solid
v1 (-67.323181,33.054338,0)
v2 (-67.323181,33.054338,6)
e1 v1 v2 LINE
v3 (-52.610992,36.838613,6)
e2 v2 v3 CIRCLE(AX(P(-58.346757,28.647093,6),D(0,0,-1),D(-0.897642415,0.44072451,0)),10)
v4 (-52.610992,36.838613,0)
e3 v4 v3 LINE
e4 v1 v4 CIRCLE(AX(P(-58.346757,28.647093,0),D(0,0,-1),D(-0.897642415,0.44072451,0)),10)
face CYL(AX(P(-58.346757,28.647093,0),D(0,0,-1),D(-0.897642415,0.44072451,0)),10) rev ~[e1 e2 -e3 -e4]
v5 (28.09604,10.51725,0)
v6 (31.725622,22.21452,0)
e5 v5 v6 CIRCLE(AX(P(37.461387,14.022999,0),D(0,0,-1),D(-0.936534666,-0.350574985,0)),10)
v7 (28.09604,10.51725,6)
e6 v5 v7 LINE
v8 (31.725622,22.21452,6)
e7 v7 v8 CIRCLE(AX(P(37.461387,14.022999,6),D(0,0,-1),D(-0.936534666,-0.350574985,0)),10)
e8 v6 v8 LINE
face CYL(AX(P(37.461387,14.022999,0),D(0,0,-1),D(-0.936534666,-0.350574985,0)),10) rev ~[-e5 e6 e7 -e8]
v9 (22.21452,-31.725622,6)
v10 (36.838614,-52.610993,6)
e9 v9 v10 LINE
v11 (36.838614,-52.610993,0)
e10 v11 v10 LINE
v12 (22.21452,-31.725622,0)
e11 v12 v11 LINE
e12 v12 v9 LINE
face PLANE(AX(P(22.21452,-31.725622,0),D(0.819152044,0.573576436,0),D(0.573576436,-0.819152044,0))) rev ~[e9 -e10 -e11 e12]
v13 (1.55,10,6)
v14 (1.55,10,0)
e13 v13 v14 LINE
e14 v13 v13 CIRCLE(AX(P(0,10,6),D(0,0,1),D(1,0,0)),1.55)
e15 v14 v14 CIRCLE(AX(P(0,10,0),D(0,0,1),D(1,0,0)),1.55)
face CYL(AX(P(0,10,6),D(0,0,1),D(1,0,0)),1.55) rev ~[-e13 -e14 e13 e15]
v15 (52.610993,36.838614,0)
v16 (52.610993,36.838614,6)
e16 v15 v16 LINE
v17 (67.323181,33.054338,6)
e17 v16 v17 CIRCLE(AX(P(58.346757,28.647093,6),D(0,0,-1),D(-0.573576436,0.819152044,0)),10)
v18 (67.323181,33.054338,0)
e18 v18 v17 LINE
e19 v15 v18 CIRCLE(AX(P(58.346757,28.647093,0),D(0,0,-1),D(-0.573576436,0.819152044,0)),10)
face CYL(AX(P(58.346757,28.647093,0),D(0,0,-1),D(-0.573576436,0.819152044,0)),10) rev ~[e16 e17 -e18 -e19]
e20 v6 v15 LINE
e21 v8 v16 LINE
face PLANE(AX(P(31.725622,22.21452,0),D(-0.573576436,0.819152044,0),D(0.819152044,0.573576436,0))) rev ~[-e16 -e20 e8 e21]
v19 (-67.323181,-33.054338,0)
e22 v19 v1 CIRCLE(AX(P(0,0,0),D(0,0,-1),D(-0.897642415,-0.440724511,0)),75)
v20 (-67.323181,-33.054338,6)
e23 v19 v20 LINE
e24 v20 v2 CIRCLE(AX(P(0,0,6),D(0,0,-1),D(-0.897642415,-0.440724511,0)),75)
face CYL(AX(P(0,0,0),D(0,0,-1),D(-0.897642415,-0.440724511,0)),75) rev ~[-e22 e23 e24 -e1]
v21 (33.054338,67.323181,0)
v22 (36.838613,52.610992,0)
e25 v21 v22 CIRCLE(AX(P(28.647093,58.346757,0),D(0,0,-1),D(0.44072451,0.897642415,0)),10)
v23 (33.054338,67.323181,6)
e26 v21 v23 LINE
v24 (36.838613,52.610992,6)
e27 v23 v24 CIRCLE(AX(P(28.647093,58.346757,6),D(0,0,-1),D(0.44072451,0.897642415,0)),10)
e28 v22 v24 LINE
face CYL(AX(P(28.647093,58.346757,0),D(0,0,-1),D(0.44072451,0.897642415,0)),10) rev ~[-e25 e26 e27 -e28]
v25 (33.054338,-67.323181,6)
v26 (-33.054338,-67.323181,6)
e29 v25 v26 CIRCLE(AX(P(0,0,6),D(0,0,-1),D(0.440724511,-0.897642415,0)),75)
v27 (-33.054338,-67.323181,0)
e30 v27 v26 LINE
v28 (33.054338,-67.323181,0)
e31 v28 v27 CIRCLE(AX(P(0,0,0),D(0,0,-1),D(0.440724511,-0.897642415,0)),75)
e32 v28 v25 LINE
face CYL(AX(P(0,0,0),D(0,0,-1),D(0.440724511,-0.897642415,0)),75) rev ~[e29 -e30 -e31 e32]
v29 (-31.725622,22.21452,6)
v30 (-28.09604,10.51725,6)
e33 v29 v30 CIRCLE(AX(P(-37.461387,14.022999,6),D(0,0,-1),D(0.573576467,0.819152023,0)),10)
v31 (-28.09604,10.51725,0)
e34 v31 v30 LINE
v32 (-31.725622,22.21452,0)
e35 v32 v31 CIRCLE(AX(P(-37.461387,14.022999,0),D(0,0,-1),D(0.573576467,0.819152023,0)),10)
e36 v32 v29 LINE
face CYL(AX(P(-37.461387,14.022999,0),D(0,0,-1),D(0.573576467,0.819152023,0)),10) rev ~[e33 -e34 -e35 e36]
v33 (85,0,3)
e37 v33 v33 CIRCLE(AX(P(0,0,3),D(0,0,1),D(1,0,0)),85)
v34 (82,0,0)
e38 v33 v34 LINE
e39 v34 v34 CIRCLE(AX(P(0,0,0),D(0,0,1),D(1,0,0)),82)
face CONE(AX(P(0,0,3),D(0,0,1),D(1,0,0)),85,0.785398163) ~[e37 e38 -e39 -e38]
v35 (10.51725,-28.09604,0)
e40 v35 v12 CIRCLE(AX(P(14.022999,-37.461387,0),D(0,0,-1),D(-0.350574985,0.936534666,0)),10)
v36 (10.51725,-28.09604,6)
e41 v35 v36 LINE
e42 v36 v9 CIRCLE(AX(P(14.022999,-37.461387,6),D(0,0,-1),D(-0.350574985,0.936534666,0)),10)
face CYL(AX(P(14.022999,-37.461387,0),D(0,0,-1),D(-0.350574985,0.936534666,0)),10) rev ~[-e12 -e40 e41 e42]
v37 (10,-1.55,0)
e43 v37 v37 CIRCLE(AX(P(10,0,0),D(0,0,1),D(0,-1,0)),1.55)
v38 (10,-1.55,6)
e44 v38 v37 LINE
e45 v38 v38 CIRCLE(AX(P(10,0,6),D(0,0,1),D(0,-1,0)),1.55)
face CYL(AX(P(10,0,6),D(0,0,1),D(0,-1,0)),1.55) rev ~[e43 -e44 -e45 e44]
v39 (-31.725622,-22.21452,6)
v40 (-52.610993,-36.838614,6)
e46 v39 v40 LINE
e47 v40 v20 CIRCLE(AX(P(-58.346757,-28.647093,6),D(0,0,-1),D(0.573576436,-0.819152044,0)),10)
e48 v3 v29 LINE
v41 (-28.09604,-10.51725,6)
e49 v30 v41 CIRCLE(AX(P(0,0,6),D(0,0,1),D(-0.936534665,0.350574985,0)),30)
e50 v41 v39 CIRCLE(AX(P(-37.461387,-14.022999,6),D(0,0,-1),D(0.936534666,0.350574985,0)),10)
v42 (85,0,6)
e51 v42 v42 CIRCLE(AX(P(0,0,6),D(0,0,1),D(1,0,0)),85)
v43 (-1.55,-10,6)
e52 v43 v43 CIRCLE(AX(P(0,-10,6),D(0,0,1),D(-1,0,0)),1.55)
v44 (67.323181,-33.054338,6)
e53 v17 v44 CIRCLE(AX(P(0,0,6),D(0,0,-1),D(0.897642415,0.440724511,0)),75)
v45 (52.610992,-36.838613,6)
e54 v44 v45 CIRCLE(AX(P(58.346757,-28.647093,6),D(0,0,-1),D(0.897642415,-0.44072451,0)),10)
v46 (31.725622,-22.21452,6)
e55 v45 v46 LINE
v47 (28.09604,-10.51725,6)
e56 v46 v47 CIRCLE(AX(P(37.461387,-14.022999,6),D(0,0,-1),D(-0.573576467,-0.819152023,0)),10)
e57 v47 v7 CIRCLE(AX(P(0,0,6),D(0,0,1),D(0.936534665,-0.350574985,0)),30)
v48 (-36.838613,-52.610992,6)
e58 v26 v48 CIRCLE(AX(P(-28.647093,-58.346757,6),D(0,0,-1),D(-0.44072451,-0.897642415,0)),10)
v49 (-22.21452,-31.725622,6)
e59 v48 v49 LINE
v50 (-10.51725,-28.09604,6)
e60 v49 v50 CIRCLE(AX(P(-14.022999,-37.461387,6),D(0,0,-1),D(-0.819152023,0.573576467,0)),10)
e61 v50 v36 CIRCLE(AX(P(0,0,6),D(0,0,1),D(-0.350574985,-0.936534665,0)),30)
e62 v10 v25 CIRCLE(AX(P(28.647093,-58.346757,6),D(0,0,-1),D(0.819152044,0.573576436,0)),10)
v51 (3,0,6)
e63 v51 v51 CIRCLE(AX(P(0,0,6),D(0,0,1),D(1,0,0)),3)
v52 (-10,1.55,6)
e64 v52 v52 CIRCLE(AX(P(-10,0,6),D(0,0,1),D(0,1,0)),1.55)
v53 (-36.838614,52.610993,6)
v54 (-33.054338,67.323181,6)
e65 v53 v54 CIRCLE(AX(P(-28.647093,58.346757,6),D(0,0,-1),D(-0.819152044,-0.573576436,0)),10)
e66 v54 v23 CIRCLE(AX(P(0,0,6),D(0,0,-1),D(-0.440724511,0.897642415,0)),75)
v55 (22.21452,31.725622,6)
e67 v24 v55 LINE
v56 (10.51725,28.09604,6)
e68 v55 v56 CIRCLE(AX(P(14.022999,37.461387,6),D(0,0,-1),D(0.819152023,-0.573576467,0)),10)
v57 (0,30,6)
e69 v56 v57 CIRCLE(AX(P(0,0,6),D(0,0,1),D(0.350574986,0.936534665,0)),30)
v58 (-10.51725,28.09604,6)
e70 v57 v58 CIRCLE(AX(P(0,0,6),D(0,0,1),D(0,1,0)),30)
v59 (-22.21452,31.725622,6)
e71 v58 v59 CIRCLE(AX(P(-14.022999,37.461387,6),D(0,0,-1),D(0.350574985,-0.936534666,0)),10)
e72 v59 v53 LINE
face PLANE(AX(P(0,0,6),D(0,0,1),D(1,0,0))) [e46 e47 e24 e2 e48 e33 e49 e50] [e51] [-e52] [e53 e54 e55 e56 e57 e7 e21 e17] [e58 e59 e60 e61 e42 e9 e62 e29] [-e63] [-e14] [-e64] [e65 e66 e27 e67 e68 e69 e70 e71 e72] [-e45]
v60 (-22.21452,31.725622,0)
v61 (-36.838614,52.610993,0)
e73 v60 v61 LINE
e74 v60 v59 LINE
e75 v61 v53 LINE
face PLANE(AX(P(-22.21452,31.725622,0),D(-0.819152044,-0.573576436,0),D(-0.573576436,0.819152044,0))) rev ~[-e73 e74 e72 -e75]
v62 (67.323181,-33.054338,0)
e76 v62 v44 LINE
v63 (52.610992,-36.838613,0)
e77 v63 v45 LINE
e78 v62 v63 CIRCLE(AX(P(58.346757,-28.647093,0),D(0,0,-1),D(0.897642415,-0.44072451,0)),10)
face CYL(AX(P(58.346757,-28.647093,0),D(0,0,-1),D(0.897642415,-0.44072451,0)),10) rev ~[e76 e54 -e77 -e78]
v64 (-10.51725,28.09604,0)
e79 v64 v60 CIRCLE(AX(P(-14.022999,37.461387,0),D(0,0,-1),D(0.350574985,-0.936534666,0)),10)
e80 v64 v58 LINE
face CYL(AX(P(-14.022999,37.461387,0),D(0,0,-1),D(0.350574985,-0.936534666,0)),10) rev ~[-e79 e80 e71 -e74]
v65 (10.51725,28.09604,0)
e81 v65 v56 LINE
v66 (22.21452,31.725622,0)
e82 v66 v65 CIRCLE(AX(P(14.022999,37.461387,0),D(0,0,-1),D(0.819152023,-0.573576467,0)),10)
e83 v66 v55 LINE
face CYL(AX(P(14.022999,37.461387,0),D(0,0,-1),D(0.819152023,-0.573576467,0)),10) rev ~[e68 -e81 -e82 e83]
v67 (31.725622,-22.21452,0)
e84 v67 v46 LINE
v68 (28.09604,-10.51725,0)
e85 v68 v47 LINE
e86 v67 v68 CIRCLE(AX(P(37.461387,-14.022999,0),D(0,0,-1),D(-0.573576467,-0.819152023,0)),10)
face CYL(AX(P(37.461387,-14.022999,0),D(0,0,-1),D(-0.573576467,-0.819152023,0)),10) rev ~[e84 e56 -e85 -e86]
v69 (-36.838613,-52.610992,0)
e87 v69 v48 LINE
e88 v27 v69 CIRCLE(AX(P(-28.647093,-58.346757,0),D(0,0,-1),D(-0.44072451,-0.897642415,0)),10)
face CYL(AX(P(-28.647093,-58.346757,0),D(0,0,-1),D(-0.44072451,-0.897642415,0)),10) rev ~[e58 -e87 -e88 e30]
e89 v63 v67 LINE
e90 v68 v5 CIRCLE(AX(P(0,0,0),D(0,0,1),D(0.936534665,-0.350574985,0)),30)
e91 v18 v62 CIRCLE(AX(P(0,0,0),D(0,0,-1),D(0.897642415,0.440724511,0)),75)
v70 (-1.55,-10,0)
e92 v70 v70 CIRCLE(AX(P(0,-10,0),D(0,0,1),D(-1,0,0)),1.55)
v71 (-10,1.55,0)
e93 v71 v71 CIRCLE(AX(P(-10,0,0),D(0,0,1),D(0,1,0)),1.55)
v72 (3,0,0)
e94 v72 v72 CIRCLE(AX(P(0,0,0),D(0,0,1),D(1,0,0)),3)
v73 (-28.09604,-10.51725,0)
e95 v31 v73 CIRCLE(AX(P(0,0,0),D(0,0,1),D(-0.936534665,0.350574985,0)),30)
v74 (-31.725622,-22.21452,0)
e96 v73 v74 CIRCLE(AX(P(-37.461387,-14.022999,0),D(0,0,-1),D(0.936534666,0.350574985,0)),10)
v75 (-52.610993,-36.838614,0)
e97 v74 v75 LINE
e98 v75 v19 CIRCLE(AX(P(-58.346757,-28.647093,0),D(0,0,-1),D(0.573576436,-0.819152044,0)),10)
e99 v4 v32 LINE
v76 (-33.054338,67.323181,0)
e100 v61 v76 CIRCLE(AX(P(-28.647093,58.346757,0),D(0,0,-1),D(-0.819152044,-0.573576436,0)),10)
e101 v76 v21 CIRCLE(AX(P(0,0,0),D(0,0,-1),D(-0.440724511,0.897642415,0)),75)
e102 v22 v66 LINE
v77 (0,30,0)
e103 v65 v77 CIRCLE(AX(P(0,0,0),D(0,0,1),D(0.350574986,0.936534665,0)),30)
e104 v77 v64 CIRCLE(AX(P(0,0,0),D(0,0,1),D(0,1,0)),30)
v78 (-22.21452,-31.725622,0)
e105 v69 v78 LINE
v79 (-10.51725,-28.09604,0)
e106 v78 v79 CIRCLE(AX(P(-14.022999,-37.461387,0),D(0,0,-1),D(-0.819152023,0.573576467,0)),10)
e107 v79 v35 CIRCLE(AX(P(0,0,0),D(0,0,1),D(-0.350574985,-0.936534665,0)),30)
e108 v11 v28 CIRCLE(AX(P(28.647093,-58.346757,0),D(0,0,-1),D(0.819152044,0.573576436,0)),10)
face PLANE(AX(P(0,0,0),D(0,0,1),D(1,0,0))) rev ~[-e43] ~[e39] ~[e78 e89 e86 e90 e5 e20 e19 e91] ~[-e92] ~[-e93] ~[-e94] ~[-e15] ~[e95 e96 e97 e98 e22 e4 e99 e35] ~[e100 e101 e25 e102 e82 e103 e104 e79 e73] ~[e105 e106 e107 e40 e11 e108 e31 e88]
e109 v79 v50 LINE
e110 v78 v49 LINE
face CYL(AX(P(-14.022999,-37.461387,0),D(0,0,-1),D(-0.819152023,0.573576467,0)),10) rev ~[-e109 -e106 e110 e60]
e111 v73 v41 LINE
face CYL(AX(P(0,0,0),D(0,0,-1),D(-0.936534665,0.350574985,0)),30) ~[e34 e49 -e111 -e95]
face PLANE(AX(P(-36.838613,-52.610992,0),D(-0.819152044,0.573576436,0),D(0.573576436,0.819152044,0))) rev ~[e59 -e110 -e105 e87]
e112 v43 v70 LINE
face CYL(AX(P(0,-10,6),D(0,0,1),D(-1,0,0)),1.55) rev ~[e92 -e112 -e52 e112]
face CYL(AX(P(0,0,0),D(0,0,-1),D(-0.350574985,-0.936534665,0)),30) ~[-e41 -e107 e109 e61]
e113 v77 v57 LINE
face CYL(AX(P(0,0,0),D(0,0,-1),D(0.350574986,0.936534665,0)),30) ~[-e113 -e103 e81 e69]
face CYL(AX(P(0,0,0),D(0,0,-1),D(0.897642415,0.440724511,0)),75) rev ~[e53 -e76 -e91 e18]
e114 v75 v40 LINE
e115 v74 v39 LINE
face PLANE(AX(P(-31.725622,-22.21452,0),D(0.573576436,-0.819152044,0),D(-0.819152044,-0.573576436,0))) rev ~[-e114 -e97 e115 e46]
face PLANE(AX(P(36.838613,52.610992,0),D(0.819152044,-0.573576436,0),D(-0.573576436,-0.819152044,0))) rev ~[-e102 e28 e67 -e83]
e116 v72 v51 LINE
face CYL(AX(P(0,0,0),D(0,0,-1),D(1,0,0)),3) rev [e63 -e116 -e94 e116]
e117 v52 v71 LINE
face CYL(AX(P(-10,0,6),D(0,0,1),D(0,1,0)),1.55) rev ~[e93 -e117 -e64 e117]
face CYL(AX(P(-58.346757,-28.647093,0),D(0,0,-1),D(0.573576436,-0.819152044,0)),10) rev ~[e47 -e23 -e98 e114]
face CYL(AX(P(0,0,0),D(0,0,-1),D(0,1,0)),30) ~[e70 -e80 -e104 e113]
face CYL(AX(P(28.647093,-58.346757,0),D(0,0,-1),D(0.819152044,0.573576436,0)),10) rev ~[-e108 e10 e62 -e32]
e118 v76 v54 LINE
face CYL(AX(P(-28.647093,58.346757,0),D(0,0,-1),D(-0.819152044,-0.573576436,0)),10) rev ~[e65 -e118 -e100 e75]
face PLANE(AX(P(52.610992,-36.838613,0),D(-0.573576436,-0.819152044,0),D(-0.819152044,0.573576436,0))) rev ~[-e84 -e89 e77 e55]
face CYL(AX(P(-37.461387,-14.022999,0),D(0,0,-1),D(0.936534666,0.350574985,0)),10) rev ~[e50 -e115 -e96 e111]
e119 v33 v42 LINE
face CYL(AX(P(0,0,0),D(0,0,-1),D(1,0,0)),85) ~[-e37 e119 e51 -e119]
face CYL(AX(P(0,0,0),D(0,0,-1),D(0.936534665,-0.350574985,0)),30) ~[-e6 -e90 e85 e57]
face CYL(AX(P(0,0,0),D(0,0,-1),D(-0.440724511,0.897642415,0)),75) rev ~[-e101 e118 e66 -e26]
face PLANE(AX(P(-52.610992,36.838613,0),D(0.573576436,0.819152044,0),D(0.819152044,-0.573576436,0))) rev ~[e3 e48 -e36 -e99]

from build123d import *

# Parameters (mm, degrees)
SKETCH_1_R               = 85
SKETCH_1_R_2             = 3
EXTRUDE_1_DEPTH          = 6
SKETCH_2_R               = 1.55
CUT_EXTRUDE_1_DEPTH      = 121.357799913
PATTERN_CIRCULAR_2_COUNT = 4
CHAMFER_1_SIZE           = 3


with BuildPart() as part:
    # 草图1 → 凸台-拉伸1 (new body)
    with BuildSketch(Plane.XY):
        Circle(SKETCH_1_R)
        Circle(SKETCH_1_R_2, mode=Mode.SUBTRACT)
        with BuildLine():
            Line((-31.725622255, -22.214519858), (-52.610992631, -36.838613633))
            ThreePointArc((-52.610992631, -36.838613633), (-60.837871991, -38.331841306), (-67.323181147, -33.054338296))
            ThreePointArc((-67.323181147, -33.054338296), (-75, 0), (-67.323181147, 33.054338296))
            ThreePointArc((-67.323181147, 33.054338296), (-60.837871698, 38.331841382), (-52.610992136, 36.838613286))
            Line((-52.610992136, 36.838613286), (-31.725621944, 22.214519639))
            ThreePointArc((-31.725621944, 22.214519639), (-27.910605359, 16.986540764), (-28.096039964, 10.517249561))
            ThreePointArc((-28.096039964, 10.517249561), (-30, 0), (-28.096039964, -10.517249561))
            ThreePointArc((-28.096039964, -10.517249561), (-27.910605416, -16.986540946), (-31.725622255, -22.214519858))
        make_face(mode=Mode.SUBTRACT)
        with BuildLine():
            Line((22.214519858, -31.725622255), (36.838613633, -52.610992631))
            ThreePointArc((36.838613633, -52.610992631), (38.331841306, -60.837871991), (33.054338296, -67.323181147))
            ThreePointArc((33.054338296, -67.323181147), (0, -75), (-33.054338296, -67.323181147))
            ThreePointArc((-33.054338296, -67.323181147), (-38.331841382, -60.837871698), (-36.838613286, -52.610992136))
            Line((-36.838613286, -52.610992136), (-22.214519639, -31.725621944))
            ThreePointArc((-22.214519639, -31.725621944), (-16.986540764, -27.910605359), (-10.517249561, -28.096039964))
            ThreePointArc((-10.517249561, -28.096039964), (0, -30), (10.517249561, -28.096039964))
            ThreePointArc((10.517249561, -28.096039964), (16.986540946, -27.910605416), (22.214519858, -31.725622255))
        make_face(mode=Mode.SUBTRACT)
        with BuildLine():
            ThreePointArc((-10.517249561, 28.096039964), (-16.986540946, 27.910605416), (-22.214519858, 31.725622255))
            Line((-22.214519858, 31.725622255), (-36.838613633, 52.610992631))
            ThreePointArc((-36.838613633, 52.610992631), (-38.331841306, 60.837871991), (-33.054338296, 67.323181147))
            ThreePointArc((-33.054338296, 67.323181147), (0, 75), (33.054338296, 67.323181147))
            ThreePointArc((33.054338296, 67.323181147), (38.331841382, 60.837871698), (36.838613286, 52.610992136))
            Line((36.838613286, 52.610992136), (22.214519639, 31.725621944))
            ThreePointArc((22.214519639, 31.725621944), (16.986540764, 27.910605359), (10.517249561, 28.096039964))
            ThreePointArc((10.517249561, 28.096039964), (5.3440996, 29.520172755), (0, 30))
            ThreePointArc((0, 30), (-5.3440996, 29.520172755), (-10.517249561, 28.096039964))
        make_face(mode=Mode.SUBTRACT)
        with BuildLine():
            Line((31.725622255, 22.214519858), (52.610992631, 36.838613633))
            ThreePointArc((52.610992631, 36.838613633), (60.837871991, 38.331841306), (67.323181147, 33.054338296))
            ThreePointArc((67.323181147, 33.054338296), (75, 0), (67.323181147, -33.054338296))
            ThreePointArc((67.323181147, -33.054338296), (60.837871698, -38.331841382), (52.610992136, -36.838613286))
            Line((52.610992136, -36.838613286), (31.725621944, -22.214519639))
            ThreePointArc((31.725621944, -22.214519639), (27.910605359, -16.986540764), (28.096039964, -10.517249561))
            ThreePointArc((28.096039964, -10.517249561), (30, 0), (28.096039964, 10.517249561))
            ThreePointArc((28.096039964, 10.517249561), (27.910605416, 16.986540946), (31.725622255, 22.214519858))
        make_face(mode=Mode.SUBTRACT)
    extrude(amount=EXTRUDE_1_DEPTH)

    # 草图2 → 切除-拉伸1 (cut, through all)
    with BuildSketch(Plane.XY.offset(6)):
        with Locations((0, 10)):
            Circle(SKETCH_2_R)
    cut_extrude_1 = extrude(amount=-CUT_EXTRUDE_1_DEPTH, mode=Mode.SUBTRACT)

    # 阵列(圆周)2: 切除-拉伸1 ×4 about axis
    pattern_circular_2_axis = Axis((0, 0, 0), (0, 0, 1))
    for i in range(1, PATTERN_CIRCULAR_2_COUNT):
        add(cut_extrude_1.rotate(pattern_circular_2_axis, i * 360 / PATTERN_CIRCULAR_2_COUNT), mode=Mode.SUBTRACT)

    # 倒角1
    chamfer_1_edges = [part.edges().sort_by_distance(p)[0] for p in [
        (-85, 0, 0),
    ]]
    chamfer(chamfer_1_edges, length=CHAMFER_1_SIZE)


solid = part.part
